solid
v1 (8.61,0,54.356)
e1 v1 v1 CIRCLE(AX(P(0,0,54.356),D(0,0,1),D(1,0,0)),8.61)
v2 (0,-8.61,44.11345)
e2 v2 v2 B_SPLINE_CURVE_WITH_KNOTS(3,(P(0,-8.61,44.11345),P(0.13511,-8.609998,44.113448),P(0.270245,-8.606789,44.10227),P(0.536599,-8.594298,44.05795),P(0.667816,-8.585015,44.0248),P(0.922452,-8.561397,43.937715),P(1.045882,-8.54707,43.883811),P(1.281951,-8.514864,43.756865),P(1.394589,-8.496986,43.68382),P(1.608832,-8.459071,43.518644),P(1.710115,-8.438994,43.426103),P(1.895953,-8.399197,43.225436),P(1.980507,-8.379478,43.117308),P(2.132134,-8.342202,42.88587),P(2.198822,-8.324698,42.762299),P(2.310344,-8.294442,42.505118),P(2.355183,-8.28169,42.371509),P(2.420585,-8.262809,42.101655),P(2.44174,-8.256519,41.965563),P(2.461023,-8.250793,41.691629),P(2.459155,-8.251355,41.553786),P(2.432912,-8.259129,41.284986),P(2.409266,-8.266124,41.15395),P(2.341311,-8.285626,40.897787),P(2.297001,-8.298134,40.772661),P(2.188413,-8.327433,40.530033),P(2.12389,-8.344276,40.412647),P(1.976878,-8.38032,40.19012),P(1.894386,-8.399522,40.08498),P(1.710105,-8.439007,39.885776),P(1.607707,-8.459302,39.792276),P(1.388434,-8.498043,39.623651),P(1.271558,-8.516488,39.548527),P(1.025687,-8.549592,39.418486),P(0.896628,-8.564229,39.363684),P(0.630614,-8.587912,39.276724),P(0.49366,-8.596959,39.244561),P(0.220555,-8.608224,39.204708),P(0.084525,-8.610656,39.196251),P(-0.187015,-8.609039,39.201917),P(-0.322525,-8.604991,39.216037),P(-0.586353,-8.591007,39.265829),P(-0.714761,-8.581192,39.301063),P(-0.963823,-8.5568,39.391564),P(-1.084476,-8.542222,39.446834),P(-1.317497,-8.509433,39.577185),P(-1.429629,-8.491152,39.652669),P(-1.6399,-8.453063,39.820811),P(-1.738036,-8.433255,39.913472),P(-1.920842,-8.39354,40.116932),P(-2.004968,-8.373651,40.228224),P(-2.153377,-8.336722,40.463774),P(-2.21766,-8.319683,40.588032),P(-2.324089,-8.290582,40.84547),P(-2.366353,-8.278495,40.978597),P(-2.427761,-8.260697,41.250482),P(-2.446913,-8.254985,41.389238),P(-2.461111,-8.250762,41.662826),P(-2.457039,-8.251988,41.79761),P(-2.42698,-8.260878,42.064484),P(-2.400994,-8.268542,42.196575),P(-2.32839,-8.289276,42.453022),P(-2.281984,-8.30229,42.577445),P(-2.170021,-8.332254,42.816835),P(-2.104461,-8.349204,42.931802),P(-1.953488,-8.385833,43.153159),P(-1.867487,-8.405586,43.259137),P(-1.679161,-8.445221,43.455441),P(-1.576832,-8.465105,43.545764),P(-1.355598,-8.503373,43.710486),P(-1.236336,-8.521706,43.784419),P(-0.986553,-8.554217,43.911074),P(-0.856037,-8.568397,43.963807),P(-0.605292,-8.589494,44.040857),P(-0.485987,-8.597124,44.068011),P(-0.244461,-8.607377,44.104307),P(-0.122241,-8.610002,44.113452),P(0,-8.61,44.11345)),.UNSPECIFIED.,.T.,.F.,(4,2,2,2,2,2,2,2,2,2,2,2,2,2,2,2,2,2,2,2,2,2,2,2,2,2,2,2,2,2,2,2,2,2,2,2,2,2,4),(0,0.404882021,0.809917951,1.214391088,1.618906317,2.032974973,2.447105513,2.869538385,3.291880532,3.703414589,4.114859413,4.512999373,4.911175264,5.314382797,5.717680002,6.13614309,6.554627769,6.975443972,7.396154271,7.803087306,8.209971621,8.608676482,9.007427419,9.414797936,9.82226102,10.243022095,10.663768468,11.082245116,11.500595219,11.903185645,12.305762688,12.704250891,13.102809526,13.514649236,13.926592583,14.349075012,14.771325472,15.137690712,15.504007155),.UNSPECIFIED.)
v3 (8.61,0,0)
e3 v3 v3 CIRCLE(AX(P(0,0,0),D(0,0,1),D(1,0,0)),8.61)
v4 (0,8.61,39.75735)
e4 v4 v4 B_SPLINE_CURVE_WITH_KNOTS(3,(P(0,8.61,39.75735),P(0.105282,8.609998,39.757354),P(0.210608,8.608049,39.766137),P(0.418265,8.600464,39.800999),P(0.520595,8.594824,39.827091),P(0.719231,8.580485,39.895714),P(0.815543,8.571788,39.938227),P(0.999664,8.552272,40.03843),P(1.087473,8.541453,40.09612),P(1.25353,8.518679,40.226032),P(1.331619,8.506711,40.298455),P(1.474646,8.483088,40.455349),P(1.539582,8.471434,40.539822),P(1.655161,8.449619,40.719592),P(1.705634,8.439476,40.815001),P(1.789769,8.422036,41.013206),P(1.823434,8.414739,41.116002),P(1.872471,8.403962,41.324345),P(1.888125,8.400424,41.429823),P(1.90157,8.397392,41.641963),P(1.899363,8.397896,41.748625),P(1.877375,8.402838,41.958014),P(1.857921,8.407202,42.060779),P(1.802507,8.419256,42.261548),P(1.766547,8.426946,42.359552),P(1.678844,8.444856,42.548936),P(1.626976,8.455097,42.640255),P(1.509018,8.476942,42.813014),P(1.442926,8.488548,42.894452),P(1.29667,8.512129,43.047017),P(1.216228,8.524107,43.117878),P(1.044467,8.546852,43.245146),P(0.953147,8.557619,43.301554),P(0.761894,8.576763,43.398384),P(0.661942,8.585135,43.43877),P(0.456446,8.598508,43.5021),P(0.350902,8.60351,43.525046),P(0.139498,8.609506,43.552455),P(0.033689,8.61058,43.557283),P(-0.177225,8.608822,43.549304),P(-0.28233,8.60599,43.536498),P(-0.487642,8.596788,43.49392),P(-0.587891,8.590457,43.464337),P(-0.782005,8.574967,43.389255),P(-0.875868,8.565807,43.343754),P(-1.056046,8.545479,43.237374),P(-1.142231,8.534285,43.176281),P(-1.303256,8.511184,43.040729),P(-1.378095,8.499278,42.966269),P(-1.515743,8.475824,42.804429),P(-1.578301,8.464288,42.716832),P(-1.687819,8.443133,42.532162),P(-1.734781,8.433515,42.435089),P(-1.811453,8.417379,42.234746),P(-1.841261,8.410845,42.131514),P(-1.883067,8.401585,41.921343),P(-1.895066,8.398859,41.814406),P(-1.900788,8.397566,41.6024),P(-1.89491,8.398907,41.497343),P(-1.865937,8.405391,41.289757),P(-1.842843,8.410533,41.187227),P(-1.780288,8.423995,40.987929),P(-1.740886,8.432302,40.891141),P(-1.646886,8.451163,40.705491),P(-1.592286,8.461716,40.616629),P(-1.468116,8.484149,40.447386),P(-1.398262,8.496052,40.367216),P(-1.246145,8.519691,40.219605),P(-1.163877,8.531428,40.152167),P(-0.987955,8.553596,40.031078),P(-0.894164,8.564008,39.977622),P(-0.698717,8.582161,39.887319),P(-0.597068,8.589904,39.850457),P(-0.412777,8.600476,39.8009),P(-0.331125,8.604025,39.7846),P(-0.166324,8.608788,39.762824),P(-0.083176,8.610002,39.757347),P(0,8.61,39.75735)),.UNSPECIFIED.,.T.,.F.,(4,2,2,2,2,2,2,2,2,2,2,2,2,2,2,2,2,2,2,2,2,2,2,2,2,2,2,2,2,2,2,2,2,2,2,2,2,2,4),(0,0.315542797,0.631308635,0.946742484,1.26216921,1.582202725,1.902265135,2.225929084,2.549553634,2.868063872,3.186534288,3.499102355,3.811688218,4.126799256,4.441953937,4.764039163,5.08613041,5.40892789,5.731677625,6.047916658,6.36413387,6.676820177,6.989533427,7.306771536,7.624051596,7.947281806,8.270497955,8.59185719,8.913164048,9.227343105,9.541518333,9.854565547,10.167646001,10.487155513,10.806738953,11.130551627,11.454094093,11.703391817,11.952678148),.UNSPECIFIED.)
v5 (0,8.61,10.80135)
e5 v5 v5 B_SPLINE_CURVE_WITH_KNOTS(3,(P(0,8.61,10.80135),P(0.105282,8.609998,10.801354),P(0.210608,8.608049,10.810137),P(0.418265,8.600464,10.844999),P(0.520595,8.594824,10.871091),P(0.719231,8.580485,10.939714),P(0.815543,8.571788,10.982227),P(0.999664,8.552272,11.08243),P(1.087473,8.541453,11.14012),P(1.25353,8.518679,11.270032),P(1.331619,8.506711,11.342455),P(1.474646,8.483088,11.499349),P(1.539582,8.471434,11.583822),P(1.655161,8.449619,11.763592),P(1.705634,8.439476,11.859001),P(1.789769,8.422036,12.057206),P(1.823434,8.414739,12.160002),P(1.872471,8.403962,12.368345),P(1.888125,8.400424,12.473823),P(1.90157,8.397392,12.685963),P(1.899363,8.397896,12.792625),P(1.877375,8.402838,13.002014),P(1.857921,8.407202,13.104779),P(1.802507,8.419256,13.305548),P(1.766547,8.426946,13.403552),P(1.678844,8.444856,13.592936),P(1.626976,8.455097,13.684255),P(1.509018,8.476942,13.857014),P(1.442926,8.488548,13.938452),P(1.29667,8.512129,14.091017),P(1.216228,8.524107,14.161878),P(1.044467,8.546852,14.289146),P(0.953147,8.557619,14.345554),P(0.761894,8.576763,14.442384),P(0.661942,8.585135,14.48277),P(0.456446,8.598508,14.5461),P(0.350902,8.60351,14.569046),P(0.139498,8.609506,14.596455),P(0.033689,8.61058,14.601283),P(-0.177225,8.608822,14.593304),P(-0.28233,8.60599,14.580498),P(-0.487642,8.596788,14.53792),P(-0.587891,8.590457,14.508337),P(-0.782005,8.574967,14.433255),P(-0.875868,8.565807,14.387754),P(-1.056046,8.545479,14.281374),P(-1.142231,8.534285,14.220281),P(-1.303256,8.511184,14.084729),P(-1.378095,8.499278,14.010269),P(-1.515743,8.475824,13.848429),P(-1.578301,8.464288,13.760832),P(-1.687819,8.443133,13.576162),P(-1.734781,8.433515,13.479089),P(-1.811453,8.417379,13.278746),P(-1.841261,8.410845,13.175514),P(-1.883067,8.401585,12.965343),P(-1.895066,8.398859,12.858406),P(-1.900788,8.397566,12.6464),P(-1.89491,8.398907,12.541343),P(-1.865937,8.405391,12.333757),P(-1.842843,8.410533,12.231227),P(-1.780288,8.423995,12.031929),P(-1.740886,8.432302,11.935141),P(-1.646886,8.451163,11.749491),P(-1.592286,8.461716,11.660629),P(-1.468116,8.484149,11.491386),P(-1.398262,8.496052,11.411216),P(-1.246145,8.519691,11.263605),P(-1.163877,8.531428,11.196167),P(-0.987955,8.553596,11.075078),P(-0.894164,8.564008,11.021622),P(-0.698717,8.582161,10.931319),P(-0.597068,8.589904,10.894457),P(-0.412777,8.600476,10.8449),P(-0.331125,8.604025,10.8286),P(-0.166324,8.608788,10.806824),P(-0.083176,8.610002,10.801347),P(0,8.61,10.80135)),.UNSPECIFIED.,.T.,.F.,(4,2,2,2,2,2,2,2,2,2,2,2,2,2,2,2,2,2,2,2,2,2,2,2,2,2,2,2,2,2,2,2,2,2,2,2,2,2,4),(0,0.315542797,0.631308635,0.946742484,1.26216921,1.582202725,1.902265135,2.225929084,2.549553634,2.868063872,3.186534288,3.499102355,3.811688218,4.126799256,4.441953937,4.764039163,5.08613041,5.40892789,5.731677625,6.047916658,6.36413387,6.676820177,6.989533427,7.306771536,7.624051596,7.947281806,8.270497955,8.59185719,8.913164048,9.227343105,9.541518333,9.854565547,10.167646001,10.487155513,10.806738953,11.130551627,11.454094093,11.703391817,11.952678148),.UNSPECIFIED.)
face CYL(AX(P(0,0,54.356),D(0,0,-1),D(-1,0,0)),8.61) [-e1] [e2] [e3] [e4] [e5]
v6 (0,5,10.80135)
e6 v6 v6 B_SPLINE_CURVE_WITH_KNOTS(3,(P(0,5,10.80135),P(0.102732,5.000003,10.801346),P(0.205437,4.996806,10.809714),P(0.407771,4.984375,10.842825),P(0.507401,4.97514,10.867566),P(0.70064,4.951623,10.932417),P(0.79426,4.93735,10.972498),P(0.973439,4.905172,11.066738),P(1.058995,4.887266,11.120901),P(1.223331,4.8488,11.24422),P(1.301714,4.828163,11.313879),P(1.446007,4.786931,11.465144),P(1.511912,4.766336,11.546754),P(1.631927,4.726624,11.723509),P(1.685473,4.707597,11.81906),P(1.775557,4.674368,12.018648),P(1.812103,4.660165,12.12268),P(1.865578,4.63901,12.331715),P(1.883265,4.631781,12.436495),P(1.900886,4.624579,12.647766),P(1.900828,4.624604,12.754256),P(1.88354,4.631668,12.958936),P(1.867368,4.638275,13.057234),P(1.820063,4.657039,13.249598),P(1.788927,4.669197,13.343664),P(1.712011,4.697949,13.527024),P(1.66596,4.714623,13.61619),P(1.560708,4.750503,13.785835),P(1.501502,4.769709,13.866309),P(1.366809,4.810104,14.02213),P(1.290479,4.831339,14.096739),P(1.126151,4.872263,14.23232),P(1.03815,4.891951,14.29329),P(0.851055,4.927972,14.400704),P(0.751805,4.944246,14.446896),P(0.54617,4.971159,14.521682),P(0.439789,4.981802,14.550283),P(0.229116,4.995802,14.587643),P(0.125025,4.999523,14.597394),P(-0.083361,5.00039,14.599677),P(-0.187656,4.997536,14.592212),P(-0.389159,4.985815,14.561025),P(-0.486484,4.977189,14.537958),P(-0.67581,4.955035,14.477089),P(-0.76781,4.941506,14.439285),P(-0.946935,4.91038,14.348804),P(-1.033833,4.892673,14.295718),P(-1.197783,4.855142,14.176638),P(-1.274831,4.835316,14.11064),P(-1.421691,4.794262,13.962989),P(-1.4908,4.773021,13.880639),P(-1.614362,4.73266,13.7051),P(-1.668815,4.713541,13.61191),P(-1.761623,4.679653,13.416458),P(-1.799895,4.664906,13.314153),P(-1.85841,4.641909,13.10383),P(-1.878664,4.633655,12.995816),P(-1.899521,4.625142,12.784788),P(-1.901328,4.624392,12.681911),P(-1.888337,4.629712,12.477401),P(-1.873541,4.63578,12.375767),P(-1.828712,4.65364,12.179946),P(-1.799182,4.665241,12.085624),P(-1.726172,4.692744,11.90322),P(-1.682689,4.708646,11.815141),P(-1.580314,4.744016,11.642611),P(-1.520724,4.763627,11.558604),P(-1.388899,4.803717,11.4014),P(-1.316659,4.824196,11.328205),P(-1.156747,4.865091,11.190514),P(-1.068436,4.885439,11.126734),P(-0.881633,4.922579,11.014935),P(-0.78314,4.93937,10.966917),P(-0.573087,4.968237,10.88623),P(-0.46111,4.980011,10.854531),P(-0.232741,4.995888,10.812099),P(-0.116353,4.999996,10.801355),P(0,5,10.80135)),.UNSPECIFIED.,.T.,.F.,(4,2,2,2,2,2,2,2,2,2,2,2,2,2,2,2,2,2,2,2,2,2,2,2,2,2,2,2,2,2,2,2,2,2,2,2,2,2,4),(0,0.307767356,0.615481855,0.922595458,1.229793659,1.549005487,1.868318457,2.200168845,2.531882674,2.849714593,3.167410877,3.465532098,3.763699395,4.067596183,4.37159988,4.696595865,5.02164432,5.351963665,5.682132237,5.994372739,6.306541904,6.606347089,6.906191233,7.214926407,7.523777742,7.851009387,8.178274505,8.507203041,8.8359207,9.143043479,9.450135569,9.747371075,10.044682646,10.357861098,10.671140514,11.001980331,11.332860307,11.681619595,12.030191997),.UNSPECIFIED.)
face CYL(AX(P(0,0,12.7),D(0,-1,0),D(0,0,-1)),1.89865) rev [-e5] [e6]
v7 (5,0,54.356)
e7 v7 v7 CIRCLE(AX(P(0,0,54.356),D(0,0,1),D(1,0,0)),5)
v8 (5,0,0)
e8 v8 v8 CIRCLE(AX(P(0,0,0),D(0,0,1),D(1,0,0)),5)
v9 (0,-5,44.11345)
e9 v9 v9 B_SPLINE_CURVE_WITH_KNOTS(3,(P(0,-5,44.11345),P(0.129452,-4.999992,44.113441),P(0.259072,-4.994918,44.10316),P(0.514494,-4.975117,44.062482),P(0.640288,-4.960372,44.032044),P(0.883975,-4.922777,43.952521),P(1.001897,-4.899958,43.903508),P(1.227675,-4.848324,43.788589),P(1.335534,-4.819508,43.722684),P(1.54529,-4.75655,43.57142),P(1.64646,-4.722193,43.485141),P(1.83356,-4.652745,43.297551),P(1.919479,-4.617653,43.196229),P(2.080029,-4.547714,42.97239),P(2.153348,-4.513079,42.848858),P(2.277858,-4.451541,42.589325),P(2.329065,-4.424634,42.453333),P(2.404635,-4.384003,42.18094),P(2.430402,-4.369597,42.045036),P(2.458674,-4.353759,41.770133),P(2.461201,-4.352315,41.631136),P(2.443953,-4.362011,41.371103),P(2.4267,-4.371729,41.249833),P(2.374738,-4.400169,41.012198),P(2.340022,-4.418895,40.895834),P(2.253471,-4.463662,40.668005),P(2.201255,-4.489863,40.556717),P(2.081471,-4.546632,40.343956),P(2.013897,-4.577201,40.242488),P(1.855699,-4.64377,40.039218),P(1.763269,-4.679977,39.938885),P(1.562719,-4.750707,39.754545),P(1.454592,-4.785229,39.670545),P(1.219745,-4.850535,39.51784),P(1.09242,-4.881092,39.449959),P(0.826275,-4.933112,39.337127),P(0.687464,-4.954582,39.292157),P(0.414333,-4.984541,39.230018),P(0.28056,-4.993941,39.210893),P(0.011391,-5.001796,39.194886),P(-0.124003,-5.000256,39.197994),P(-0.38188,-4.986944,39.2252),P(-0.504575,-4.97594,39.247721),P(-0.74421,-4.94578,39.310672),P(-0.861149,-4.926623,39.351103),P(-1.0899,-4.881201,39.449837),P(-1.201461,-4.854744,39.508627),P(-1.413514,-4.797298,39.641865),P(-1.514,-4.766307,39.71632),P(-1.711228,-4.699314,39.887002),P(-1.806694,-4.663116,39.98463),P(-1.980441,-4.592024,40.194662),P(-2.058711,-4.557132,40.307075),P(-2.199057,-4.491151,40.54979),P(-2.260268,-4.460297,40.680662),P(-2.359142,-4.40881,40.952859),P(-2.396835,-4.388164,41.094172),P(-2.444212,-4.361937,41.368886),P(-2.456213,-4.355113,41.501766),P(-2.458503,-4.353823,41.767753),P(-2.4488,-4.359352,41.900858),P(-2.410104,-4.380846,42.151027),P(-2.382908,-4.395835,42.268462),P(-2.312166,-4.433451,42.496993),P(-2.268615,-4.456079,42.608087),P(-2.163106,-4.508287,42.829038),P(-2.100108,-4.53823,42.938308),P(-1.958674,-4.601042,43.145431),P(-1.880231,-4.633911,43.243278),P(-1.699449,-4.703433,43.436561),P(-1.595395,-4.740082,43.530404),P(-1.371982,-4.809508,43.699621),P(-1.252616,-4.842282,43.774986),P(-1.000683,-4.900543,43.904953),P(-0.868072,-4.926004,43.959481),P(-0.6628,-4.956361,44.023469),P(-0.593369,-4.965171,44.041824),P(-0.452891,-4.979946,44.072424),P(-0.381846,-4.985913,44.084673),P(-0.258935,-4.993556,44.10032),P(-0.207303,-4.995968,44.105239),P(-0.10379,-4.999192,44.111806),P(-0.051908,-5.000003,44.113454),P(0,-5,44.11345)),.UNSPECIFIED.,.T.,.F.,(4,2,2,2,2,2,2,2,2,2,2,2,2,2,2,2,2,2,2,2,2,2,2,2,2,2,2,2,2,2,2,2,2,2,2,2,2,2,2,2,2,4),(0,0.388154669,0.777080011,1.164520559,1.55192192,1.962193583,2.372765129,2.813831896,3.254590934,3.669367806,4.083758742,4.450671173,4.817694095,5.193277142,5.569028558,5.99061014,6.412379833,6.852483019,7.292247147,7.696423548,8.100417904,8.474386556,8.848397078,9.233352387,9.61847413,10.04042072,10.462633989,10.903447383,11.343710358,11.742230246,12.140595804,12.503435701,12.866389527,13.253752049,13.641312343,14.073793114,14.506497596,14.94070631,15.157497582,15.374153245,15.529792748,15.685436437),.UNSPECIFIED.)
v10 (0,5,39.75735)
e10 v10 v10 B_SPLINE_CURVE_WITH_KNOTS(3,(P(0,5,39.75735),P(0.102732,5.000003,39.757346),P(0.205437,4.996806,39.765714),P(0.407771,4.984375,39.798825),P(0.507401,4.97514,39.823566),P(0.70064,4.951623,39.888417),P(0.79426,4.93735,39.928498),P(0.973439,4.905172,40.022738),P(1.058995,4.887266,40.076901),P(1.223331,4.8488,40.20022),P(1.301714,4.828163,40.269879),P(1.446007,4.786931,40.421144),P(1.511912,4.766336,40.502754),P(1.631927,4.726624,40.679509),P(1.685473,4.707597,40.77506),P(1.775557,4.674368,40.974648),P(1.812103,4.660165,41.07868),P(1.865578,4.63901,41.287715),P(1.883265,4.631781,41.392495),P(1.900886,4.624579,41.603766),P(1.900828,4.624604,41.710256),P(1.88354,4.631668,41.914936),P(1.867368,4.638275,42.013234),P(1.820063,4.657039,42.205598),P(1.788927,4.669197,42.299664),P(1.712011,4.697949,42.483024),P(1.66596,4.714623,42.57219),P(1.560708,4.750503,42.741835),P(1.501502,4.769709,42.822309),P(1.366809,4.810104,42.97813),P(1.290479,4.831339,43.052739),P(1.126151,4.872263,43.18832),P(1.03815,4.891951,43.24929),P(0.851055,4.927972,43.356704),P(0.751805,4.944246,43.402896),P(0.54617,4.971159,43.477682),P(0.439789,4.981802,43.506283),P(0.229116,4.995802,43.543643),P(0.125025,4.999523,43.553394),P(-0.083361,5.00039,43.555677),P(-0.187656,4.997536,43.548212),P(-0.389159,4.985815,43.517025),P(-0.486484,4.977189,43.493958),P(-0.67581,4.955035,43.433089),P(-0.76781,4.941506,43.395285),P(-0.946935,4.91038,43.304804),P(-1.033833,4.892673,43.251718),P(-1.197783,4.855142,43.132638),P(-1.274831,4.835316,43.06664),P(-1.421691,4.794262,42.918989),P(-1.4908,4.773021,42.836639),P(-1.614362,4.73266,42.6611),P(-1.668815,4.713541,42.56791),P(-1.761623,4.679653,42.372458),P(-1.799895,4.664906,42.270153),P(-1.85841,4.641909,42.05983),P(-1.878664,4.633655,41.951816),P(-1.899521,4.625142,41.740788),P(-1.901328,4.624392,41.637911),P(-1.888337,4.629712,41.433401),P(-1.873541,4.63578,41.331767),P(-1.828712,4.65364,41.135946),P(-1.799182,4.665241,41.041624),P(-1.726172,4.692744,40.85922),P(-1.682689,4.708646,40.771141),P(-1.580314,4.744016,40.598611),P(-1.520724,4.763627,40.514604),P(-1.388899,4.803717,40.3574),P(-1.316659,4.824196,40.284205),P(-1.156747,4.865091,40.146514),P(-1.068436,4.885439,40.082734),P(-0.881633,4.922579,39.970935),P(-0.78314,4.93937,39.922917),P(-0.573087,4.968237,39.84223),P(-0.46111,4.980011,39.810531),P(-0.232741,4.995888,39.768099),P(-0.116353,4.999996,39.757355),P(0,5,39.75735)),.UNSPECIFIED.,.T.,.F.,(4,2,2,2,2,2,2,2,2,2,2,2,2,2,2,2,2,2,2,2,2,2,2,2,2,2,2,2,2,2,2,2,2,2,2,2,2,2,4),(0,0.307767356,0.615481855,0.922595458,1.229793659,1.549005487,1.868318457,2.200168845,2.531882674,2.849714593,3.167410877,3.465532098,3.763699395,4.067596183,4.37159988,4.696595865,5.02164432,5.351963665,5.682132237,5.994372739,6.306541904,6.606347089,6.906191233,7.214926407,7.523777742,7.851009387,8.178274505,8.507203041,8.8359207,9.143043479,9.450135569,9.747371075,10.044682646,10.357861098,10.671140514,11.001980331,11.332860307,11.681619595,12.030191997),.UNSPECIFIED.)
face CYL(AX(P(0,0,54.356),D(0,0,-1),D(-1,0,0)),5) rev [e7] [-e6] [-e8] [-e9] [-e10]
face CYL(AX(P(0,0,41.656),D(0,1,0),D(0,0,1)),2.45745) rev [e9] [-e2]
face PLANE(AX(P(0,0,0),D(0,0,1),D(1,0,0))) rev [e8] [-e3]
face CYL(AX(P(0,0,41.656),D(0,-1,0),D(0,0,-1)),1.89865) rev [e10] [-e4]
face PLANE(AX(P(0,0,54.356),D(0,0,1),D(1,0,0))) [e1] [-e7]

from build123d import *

# Parameters (mm, degrees)
SKETCH1_R                       = 8.610000052
SKETCH1_R_2                     = 4.999999906
BOSS_EXTRUDE1_DEPTH             = 54.356
SKETCH2_W                       = 1.89865
SKETCH2_H                       = 8.610000052
F_10_24_TAPPED_HOLE1_AT_2_COUNT = 2
F_10_24_TAPPED_HOLE1_AT_2_PITCH = 28.956
SKETCH8_W                       = 2.45745
SKETCH8_H                       = 8.610000052


with BuildPart() as part:
    # Sketch1 → Boss-Extrude1 (new body)
    with BuildSketch(Plane.XY):
        Circle(SKETCH1_R)
        Circle(SKETCH1_R_2, mode=Mode.SUBTRACT)
    extrude(amount=BOSS_EXTRUDE1_DEPTH)

    # Sketch2 → #10-24 Tapped Hole1 (revolve, cut)
    with BuildSketch(Plane(origin=(0, 0, 12.7), x_dir=(0, 0, -1), z_dir=(1, 0, 0))):
        with Locations((0.949325, 4.305000026)):
            Rectangle(SKETCH2_W, SKETCH2_H)
    f_10_24_tapped_hole1 = revolve(axis=Axis((0, -6.35, 12.7), (0, 1, 0)), mode=Mode.SUBTRACT)

    # #10-24 Tapped Hole1 at 2: #10-24 Tapped Hole1 ×2
    with Locations(*[(0, 0, i * F_10_24_TAPPED_HOLE1_AT_2_PITCH) for i in range(1, F_10_24_TAPPED_HOLE1_AT_2_COUNT)]):
        add(f_10_24_tapped_hole1, mode=Mode.SUBTRACT)

    # Sketch8 → #10 (0.1935) Diameter Hole3 (revolve, cut)
    with BuildSketch(Plane(origin=(0, 0, 41.656), x_dir=(0, 0, 1), z_dir=(1, 0, 0))):
        with Locations((1.228725, 4.305000026)):
            Rectangle(SKETCH8_W, SKETCH8_H)
    revolve(axis=Axis((0, 6.35, 41.656), (0, -1, 0)), mode=Mode.SUBTRACT)


solid = part.part
